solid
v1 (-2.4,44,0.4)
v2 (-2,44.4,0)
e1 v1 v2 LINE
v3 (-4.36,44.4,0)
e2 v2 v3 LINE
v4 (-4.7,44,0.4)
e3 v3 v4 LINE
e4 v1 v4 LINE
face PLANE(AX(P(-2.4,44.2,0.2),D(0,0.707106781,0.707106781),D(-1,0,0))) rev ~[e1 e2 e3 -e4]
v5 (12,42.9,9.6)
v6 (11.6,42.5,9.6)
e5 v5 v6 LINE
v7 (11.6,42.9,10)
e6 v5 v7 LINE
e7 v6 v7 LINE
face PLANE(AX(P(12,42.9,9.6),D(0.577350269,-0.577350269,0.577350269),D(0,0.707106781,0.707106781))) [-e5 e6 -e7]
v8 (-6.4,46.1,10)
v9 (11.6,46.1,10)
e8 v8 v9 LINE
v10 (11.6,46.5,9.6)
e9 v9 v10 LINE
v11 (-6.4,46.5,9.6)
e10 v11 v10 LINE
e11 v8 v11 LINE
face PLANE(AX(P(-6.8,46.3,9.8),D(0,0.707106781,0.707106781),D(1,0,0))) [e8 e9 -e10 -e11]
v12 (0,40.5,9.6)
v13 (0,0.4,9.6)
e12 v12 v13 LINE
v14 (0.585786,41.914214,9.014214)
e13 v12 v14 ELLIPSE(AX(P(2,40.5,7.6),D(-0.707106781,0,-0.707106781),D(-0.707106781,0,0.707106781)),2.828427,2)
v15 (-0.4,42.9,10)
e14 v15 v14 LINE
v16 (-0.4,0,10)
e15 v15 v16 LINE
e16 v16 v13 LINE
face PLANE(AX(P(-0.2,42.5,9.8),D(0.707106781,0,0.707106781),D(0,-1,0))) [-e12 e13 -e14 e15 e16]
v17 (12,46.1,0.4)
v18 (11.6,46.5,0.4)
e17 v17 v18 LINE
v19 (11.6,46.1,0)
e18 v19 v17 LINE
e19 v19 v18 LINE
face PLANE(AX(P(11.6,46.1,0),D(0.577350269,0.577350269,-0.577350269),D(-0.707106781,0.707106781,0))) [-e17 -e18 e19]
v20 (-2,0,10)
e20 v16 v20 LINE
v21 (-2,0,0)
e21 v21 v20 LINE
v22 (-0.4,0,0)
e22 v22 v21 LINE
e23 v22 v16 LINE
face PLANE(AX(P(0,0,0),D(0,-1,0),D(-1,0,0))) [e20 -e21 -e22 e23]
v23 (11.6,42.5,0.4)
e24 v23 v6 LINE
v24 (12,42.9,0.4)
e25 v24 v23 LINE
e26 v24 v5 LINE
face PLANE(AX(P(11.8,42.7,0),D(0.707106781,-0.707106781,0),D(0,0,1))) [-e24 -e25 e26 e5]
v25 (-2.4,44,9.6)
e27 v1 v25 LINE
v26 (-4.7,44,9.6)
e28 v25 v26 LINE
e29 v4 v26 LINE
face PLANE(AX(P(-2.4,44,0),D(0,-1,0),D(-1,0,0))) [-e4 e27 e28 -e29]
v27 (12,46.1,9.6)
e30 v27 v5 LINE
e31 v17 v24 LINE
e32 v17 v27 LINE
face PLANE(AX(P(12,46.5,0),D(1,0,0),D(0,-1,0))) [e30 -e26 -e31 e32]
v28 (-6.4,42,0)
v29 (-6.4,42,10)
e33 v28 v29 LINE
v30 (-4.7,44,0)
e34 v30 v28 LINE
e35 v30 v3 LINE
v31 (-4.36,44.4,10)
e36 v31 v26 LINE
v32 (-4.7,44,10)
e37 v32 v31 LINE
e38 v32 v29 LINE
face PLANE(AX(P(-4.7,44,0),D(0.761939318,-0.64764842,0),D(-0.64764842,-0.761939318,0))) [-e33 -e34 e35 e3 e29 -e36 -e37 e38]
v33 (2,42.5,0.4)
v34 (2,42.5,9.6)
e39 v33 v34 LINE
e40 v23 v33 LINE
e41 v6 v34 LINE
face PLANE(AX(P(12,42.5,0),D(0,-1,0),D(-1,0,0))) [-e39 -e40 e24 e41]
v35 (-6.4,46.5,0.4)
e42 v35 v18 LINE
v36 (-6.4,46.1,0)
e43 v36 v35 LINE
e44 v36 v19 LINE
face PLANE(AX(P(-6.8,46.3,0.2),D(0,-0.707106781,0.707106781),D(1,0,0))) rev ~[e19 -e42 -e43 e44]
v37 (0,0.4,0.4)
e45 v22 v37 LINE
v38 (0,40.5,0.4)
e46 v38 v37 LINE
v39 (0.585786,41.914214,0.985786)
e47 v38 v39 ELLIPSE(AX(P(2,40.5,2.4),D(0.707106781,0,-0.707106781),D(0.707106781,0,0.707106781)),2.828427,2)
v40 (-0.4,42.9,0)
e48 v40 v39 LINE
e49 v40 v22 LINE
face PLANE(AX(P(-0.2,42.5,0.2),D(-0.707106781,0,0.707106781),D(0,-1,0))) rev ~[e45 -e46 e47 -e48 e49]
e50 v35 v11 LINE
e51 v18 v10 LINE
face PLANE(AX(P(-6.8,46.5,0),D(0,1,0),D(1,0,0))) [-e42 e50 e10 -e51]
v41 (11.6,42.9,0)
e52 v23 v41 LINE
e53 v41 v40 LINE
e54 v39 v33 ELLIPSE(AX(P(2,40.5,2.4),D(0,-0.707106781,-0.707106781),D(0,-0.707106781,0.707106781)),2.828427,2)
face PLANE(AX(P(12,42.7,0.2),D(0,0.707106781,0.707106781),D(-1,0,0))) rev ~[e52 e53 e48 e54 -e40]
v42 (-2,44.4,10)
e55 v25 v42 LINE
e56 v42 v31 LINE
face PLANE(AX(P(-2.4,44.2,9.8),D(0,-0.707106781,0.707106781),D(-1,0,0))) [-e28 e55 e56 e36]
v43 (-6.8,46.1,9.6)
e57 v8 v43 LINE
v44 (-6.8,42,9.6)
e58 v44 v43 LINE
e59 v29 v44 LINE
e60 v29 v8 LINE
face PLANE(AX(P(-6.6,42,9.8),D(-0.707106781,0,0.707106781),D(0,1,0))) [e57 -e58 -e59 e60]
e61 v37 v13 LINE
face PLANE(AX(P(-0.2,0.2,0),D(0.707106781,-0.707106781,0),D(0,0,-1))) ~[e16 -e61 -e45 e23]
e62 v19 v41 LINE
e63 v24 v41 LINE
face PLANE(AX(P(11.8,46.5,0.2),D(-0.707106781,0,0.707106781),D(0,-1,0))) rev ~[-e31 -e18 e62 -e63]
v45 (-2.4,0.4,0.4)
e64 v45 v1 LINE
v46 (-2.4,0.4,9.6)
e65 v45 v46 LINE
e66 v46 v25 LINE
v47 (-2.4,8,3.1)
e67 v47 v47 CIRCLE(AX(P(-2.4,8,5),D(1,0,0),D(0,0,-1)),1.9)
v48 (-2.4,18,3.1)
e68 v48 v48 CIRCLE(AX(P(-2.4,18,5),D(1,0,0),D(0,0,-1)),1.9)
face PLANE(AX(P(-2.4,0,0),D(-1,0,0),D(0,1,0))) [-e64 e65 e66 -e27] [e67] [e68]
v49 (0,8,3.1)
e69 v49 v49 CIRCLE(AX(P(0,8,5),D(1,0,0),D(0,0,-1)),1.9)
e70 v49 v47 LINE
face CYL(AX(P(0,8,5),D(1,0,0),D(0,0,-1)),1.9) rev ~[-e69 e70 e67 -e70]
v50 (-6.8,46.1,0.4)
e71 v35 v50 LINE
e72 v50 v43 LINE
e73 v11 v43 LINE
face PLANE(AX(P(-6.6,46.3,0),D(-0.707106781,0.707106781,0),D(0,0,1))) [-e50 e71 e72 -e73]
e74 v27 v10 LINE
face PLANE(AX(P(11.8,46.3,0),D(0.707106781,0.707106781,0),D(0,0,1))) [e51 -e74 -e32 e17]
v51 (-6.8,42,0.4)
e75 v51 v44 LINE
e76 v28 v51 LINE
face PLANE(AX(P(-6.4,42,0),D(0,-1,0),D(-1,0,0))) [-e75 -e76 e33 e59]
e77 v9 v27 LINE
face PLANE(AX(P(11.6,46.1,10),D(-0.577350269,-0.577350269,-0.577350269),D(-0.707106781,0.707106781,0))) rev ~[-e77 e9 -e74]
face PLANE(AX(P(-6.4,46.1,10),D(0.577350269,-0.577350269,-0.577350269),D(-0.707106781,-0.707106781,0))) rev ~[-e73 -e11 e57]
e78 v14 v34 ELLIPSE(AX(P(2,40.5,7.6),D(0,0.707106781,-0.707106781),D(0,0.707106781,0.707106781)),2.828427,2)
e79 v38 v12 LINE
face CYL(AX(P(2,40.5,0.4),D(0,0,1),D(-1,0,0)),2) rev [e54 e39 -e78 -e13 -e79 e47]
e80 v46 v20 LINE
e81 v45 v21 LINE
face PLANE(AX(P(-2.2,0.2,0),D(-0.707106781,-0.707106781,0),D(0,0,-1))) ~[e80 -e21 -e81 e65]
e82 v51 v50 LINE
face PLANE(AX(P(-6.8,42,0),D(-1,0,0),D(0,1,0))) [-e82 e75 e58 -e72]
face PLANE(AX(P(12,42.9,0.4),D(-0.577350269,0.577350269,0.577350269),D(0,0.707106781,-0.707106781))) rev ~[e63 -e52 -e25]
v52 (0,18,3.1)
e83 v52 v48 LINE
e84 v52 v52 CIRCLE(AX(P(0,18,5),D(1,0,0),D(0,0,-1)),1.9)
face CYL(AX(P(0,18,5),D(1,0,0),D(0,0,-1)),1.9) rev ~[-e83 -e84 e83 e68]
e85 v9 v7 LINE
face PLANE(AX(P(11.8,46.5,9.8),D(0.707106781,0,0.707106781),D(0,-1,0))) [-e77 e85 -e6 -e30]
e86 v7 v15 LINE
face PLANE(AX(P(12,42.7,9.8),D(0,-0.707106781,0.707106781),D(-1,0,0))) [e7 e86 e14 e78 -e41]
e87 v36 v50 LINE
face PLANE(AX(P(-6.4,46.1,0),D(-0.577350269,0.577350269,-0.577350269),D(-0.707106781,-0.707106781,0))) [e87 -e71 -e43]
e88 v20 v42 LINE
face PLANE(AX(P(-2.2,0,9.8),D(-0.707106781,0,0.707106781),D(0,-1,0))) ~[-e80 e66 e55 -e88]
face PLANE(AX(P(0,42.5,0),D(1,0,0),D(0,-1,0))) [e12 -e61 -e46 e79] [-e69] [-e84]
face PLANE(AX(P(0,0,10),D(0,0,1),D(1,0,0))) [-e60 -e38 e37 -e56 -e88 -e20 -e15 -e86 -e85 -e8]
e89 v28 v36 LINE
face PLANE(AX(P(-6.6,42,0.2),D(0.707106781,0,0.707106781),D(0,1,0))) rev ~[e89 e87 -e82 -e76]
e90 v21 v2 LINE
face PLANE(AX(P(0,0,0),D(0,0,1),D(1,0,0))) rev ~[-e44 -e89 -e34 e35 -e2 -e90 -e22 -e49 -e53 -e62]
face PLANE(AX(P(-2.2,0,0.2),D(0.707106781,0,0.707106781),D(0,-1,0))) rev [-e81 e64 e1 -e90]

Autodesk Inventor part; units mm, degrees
ref_plane "YZ Plane" through (0, 0, 0) normal (1, 0, 0) x (0, 1, 0)
ref_plane "XZ Plane" through (0, 0, 0) normal (0, 1, 0) x (-1, 0, 0)
ref_plane "XY Plane" through (0, 0, 0) normal (0, 0, 1) x (1, 0, 0)
sketch "Sketch1" plane through (0, 0, 0) normal (0, 0, 1) x (1, 0, 0)
  line L0 (-2.4, 0) -> (-2.4, 44)
  line L1 (-2.4, 44) -> (-4.7, 44)
  line L2 (-4.7, 44) -> (-6.4, 42)
  line L3 (-6.4, 42) -> (-6.8, 42)
  line L4 (-6.8, 42) -> (-6.8, 46.5)
  line L5 (-6.8, 46.5) -> (12, 46.5)
  line L6 (12, 46.5) -> (12, 42.5)
  line L7 (12, 42.5) -> (0, 42.5)
  line L8 (0, 42.5) -> (0, 0)
  line L9 (0, 0) -> (-2.4, 0)
  dimension "d0" = 44
  dimension "d3" = 2.4
  dimension "d5" = 2.5
  dimension "d6" = 4
  dimension "d7" = 12
  dimension "d19" = 18.8
  dimension "d20" = 0.4
  dimension "d21" = 2
  dimension "d22" = 2.3
extrude "Extrusion1" add sketch "Sketch1" along normal blind 10
sketch "Sketch2" plane through (0, 0, 0) normal (1, 0, 0) x (0, 0, -1)
  circle A0 centre (-5, 8) radius 1.9
  line L0 (0, 0) -> (-10, 0) projected
  line L1 (-10, 0) -> (-10, 42.5) projected
  line L2 (0, 42.5) -> (-10, 42.5) projected
  circle A1 centre (-5, 18) radius 1.9
  dimension "d10" = 3.8
  dimension "d11" = 8
  dimension "d12" = 5
  dimension "d23" = 34.5
  dimension "d26" = 10
extrude "Extrusion3" cut sketch "Sketch2" against normal through all
chamfer "Chamfer1" distance 0.4 angle 45 19 edges at (0, 21.25, 10) (0, 0, 5) (0, 21.25, 0) (6, 42.5, 0) (6, 42.5, 10) (12, 42.5, 5) (12, 46.5, 5) (12, 44.5, 10) (12, 44.5, 0) (-6.8, 46.5, 5) (2.6, 46.5, 10) (2.6, 46.5, 0) (-6.8, 44.25, 0) (-6.8, 44.25, 10) (-2.4, 22, 0) (-2.4, 0, 5) (-2.4, 22, 10) (-3.55, 44, 10) (-3.55, 44, 0)
fillet "Fillet1" radius 2 1 edges at (0, 42.5, 5)
properties part number "Battery Latch"
